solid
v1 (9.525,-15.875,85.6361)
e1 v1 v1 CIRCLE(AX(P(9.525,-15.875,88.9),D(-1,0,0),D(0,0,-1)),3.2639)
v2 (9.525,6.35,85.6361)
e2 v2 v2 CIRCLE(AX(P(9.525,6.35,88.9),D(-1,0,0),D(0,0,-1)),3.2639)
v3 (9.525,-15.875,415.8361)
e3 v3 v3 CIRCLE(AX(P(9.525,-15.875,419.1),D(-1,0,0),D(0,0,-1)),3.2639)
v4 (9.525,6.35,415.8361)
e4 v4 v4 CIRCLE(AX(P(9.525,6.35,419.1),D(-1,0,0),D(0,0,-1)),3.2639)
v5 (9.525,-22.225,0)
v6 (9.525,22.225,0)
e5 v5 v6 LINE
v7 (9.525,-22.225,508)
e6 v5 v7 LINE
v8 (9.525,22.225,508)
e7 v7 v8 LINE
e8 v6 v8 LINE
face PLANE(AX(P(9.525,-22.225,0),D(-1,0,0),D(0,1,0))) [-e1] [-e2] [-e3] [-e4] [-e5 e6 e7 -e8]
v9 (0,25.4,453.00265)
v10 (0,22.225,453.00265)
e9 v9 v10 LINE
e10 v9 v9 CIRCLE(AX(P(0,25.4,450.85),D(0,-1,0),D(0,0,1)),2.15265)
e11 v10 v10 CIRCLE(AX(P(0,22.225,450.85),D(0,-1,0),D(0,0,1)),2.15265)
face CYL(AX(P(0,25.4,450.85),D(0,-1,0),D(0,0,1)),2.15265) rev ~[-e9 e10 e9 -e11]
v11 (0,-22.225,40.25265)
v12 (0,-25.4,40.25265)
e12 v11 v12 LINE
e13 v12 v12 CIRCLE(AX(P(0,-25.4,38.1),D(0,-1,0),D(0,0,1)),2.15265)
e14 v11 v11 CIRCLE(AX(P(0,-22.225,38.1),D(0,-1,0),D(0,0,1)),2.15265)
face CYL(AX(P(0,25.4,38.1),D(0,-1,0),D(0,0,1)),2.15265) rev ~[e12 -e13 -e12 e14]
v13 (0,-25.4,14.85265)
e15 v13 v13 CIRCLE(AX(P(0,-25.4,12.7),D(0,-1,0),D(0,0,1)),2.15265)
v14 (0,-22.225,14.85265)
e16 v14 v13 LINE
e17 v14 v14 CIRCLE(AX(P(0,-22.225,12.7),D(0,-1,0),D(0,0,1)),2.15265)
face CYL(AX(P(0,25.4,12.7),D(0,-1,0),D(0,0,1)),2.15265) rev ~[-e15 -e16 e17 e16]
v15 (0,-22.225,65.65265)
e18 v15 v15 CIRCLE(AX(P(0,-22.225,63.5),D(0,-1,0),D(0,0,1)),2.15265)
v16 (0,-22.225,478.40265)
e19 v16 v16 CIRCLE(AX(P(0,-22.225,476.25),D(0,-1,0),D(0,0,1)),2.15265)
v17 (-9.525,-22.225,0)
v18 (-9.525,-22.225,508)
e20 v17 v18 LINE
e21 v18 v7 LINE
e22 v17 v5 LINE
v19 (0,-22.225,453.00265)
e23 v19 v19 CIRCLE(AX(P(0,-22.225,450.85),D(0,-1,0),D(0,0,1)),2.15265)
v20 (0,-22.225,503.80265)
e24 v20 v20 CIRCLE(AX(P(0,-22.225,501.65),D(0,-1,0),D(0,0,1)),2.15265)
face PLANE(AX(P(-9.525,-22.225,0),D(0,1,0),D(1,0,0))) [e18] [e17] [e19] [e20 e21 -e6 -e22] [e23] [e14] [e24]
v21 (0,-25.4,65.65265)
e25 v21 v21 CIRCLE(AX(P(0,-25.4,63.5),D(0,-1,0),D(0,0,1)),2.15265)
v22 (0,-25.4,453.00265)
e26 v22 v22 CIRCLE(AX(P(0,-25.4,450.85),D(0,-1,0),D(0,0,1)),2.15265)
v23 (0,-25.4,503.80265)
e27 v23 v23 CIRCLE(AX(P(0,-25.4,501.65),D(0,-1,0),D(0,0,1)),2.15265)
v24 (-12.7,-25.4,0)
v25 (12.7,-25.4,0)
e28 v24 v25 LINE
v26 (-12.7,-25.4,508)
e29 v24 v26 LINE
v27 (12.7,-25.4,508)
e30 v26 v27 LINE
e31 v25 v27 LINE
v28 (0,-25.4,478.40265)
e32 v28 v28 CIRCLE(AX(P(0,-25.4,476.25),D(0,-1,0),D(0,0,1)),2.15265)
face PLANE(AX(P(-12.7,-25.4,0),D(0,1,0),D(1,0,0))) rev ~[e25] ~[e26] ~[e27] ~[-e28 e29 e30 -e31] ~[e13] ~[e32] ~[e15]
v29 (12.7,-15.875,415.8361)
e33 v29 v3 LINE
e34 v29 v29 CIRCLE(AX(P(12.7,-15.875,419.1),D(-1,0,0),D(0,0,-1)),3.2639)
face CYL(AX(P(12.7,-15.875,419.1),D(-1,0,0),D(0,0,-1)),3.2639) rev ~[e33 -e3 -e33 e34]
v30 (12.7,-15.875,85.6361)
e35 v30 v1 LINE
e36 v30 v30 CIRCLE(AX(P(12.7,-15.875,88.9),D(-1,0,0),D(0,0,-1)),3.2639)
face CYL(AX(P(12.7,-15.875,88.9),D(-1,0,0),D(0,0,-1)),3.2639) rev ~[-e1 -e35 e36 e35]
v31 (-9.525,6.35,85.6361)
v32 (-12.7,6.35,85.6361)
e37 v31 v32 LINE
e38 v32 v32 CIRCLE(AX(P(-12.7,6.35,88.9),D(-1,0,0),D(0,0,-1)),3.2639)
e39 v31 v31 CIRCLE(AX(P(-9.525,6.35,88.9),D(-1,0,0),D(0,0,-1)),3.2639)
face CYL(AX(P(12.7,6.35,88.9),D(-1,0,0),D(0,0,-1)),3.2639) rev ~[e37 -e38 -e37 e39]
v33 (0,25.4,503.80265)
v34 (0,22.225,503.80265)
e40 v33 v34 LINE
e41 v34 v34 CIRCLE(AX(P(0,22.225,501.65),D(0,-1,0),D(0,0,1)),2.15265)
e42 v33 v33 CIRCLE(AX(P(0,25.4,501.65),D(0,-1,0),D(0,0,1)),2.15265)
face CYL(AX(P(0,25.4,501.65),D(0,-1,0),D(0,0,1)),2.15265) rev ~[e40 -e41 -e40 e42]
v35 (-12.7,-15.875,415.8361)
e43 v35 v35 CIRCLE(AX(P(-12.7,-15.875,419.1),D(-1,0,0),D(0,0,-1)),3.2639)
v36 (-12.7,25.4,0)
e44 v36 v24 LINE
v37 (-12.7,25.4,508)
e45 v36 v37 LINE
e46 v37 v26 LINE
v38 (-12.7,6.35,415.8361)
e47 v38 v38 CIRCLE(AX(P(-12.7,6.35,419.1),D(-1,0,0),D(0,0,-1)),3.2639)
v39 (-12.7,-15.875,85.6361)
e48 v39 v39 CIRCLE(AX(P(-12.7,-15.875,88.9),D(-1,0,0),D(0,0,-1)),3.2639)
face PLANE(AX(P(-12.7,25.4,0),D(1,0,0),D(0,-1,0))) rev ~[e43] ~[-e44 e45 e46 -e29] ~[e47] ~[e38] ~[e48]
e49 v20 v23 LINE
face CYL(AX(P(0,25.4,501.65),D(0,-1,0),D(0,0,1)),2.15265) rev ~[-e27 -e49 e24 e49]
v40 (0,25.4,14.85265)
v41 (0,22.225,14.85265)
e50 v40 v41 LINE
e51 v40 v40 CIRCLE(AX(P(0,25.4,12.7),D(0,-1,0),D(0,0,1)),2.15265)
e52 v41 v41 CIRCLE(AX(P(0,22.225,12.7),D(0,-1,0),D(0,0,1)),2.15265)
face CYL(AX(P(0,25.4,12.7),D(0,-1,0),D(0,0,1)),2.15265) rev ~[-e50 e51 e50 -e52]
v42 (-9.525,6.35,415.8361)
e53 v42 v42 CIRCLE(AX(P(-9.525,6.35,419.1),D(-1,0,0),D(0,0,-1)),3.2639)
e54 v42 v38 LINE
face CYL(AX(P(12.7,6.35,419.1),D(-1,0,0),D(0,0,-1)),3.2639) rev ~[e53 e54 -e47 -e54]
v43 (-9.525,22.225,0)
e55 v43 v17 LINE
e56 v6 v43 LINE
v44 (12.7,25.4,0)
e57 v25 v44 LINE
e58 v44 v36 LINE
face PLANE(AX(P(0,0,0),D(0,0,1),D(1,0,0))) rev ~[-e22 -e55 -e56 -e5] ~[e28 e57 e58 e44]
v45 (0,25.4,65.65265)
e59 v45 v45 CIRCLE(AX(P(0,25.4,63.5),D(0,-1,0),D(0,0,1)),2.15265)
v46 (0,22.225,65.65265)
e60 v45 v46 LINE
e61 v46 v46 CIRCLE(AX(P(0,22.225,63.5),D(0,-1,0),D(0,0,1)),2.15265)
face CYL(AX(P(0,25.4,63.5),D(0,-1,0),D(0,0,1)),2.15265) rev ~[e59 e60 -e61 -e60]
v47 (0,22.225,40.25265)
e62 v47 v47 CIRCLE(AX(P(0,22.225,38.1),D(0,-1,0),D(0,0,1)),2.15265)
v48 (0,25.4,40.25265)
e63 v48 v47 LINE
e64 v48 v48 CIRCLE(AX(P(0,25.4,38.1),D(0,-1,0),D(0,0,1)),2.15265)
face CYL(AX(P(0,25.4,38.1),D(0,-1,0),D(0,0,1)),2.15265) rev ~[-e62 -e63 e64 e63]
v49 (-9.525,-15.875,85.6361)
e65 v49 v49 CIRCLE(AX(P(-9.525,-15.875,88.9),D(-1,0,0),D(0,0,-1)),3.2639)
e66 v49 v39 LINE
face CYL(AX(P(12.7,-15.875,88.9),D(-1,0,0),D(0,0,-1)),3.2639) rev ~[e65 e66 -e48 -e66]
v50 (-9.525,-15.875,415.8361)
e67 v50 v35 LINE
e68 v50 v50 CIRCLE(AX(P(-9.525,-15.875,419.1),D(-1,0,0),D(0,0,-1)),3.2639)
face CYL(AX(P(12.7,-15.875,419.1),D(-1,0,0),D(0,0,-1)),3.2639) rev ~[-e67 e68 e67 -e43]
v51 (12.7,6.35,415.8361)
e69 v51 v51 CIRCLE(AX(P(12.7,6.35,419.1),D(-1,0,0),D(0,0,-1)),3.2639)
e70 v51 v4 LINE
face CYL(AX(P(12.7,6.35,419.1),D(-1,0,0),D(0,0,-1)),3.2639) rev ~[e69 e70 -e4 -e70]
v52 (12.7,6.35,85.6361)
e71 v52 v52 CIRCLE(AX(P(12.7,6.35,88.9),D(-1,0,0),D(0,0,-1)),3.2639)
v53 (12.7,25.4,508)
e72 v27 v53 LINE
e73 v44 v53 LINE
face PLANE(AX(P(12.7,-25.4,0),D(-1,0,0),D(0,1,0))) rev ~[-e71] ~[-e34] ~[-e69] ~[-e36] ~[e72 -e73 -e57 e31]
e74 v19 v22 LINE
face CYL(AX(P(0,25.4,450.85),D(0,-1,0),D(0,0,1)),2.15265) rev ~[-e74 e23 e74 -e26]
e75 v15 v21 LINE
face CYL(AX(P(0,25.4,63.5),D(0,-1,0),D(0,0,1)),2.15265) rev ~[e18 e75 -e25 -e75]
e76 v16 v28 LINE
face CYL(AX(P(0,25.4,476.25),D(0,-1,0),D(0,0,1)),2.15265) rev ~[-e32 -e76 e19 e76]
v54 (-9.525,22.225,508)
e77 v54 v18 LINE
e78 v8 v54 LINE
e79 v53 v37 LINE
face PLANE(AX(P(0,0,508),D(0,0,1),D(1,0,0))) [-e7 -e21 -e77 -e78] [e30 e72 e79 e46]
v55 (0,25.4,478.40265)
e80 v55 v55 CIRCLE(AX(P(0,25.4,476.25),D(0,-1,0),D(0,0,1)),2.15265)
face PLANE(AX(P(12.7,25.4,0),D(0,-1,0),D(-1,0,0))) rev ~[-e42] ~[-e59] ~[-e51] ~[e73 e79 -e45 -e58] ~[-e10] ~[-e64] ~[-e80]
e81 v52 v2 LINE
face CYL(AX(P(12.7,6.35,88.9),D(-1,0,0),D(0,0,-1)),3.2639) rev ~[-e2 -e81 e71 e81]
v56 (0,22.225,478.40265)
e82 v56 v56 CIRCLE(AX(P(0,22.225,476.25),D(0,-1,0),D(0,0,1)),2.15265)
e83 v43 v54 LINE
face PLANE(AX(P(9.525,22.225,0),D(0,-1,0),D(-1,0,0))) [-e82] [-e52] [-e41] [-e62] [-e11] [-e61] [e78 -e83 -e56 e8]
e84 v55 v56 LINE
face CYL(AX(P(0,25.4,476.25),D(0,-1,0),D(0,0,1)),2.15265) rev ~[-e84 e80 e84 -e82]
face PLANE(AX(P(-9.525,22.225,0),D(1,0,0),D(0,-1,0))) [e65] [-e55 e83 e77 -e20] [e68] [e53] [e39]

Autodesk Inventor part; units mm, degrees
ref_plane "YZ Plane" through (0, 0, 0) normal (1, 0, 0) x (0, 1, 0)
ref_plane "Start Plane" through (0, 0, 0) normal (0, 0, 1) x (1, 0, 0)
ref_plane "End Plane" through (0, 0, 508) normal (0, 0, 1) x (1, 0, 0)
sketch "Sketch" plane through (0, 0, 0) normal (0, 0, 1) x (1, 0, 0)
  line L0 (-12.7, -25.4) -> (12.7, -25.4)
  line L1 (12.7, -25.4) -> (12.7, 25.4)
  line L2 (12.7, 25.4) -> (-12.7, 25.4)
  line L3 (-12.7, 25.4) -> (-12.7, -25.4)
  line L4 (-12.7, -25.4) -> (12.7, 25.4) construction
  line L5 (12.7, -25.4) -> (-12.7, 25.4) construction
  line L6 (-9.525, -22.225) -> (9.525, -22.225)
  line L7 (9.525, -22.225) -> (9.525, 22.225)
  line L8 (9.525, 22.225) -> (-9.525, 22.225)
  line L9 (-9.525, 22.225) -> (-9.525, -22.225)
  line L10 (-9.525, -22.225) -> (9.525, 22.225) construction
  line L11 (9.525, -22.225) -> (-9.525, 22.225) construction
  point P0 (0, 0)
  dimension "d0" = 25.4
  dimension "d1" = 50.8
  dimension "d2" = 3.175
  dimension "d3" = 3.175
extrude "Body" add sketch "Sketch" along normal up to surface (508 mm away) from surface at 0
sketch "Sketch6" plane through (0, 0, 0) normal (0, 0, 1) x (1, 0, 0)
  line L0 (0, 0) -> (10, 0)
ref_plane "Work Plane5" through (0, 0, 0) normal (0, -1, 0) x (1, 0, 0)
sketch "Sketch7" plane through (0, 0, 0) normal (0, -1, 0) x (1, 0, 0)
  line L0 (-2, 0) -> (12, 0)
  line L1 (-2, 508) -> (12, 508)
  dimension "d11" = 508
sketch "Sketch9" plane through (-12.7, 25.4, 508) normal (0, 1, 0) x (1, 0, 0)
  point P0 (12.7, 508)
sketch "Sketch10" plane through (-12.7, 25.4, 508) normal (0, 1, 0) x (1, 0, 0)
  point P0 (12.7, 508)
sketch "Sketch11" plane through (-12.7, 25.4, 508) normal (0, 1, 0) x (1, 0, 0)
  line L0 (0, 508) -> (25.4, 508) projected
  line L1 (25.4, 508) -> (25.4, 0) projected
  line L2 (0, 0) -> (25.4, 0) projected
  point P0 (12.7, 508)
  point P1 (12.7, 495.3)
  point P2 (12.7, 469.9)
  point P3 (12.7, 444.5)
  point P4 (12.7, 57.15)
  point P5 (12.7, 31.75)
  point P6 (12.7, 6.35)
  point P7 (12.7, 0)
  dimension "d23" = 12.7
  dimension "d24" = 25.4
  dimension "d25" = 25.4
  dimension "d26" = 12.7
  dimension "d27" = 12.7
  dimension "d28" = 6.35
  dimension "d29" = 25.4
  dimension "d30" = 25.4
hole "Hole2" at (0, 25.4, 12.7) at (0, 25.4, 38.1) at (0, 25.4, 63.5) at (0, 25.4, 450.85) at (0, 25.4, 476.25) at (0, 25.4, 501.65) direction (0, -1, 0) diameter 4.3053 depth 50.8 tip angle 118 clearance for "Pop Rivet" size "5/32" standard "4859 Fastners"
sketch "Sketch12" plane through (12.7, -25.4, 508) normal (1, 0, 0) x (0, 0, -1)
  point P0 (508, 25.4)
sketch "Sketch13" plane through (12.7, -25.4, 508) normal (1, 0, 0) x (0, 0, -1)
  line L0 (508, 50.8) -> (508, 0) projected
  line L1 (508, 0) -> (0, 0) projected
  point P0 (508, 25.4)
  point P1 (419.1, 31.75)
  point P2 (419.1, 9.525)
  dimension "d38" = 88.9
  dimension "d39" = 88.9
  dimension "d40" = 9.525
  dimension "d41" = 31.75
hole "Hole3" at (12.7, 6.35, 88.9) at (12.7, -15.875, 88.9) direction (-1, 0, 0) diameter 6.5278 depth 50.8 tip angle 118
sketch "Sketch14" plane through (12.7, -25.4, 508) normal (1, 0, 0) x (0, 0, -1)
  line L0 (508, 0) -> (0, 0) projected
  line L1 (0, 50.8) -> (0, 0) projected
  point P0 (508, 25.4)
  point P1 (88.9, 31.75)
  point P2 (88.9, 9.525)
  dimension "d49" = 9.525
  dimension "d50" = 31.75
  dimension "d51" = 88.9
  dimension "d52" = 88.9
hole "Hole4" at (12.7, 6.35, 419.1) at (12.7, -15.875, 419.1) direction (-1, 0, 0) diameter 6.5278 depth 50.8 tip angle 118
equation "\"d0\" = Width"
equation "\"d1\" = Height"
equation "\"d2\" = Thickness"
equation "\"d3\" = Thickness"
equation "\"Height\" = 50.8"
equation "\"Width\" = 25.4"
equation "\"Thickness\" = 3.175"
equation "\"BaseLength\" = 508"
equation "\"G_OFFSET_START\" = 0"
equation "\"G_OFFSET_END\" = 0"
equation "\"d7\" = BaseLength + G_OFFSET_END"
equation "\"G_L\" = d11"
properties part number "AL RECT TUBE 2 x 1 x 0.125" material "Aluminum 6061"
